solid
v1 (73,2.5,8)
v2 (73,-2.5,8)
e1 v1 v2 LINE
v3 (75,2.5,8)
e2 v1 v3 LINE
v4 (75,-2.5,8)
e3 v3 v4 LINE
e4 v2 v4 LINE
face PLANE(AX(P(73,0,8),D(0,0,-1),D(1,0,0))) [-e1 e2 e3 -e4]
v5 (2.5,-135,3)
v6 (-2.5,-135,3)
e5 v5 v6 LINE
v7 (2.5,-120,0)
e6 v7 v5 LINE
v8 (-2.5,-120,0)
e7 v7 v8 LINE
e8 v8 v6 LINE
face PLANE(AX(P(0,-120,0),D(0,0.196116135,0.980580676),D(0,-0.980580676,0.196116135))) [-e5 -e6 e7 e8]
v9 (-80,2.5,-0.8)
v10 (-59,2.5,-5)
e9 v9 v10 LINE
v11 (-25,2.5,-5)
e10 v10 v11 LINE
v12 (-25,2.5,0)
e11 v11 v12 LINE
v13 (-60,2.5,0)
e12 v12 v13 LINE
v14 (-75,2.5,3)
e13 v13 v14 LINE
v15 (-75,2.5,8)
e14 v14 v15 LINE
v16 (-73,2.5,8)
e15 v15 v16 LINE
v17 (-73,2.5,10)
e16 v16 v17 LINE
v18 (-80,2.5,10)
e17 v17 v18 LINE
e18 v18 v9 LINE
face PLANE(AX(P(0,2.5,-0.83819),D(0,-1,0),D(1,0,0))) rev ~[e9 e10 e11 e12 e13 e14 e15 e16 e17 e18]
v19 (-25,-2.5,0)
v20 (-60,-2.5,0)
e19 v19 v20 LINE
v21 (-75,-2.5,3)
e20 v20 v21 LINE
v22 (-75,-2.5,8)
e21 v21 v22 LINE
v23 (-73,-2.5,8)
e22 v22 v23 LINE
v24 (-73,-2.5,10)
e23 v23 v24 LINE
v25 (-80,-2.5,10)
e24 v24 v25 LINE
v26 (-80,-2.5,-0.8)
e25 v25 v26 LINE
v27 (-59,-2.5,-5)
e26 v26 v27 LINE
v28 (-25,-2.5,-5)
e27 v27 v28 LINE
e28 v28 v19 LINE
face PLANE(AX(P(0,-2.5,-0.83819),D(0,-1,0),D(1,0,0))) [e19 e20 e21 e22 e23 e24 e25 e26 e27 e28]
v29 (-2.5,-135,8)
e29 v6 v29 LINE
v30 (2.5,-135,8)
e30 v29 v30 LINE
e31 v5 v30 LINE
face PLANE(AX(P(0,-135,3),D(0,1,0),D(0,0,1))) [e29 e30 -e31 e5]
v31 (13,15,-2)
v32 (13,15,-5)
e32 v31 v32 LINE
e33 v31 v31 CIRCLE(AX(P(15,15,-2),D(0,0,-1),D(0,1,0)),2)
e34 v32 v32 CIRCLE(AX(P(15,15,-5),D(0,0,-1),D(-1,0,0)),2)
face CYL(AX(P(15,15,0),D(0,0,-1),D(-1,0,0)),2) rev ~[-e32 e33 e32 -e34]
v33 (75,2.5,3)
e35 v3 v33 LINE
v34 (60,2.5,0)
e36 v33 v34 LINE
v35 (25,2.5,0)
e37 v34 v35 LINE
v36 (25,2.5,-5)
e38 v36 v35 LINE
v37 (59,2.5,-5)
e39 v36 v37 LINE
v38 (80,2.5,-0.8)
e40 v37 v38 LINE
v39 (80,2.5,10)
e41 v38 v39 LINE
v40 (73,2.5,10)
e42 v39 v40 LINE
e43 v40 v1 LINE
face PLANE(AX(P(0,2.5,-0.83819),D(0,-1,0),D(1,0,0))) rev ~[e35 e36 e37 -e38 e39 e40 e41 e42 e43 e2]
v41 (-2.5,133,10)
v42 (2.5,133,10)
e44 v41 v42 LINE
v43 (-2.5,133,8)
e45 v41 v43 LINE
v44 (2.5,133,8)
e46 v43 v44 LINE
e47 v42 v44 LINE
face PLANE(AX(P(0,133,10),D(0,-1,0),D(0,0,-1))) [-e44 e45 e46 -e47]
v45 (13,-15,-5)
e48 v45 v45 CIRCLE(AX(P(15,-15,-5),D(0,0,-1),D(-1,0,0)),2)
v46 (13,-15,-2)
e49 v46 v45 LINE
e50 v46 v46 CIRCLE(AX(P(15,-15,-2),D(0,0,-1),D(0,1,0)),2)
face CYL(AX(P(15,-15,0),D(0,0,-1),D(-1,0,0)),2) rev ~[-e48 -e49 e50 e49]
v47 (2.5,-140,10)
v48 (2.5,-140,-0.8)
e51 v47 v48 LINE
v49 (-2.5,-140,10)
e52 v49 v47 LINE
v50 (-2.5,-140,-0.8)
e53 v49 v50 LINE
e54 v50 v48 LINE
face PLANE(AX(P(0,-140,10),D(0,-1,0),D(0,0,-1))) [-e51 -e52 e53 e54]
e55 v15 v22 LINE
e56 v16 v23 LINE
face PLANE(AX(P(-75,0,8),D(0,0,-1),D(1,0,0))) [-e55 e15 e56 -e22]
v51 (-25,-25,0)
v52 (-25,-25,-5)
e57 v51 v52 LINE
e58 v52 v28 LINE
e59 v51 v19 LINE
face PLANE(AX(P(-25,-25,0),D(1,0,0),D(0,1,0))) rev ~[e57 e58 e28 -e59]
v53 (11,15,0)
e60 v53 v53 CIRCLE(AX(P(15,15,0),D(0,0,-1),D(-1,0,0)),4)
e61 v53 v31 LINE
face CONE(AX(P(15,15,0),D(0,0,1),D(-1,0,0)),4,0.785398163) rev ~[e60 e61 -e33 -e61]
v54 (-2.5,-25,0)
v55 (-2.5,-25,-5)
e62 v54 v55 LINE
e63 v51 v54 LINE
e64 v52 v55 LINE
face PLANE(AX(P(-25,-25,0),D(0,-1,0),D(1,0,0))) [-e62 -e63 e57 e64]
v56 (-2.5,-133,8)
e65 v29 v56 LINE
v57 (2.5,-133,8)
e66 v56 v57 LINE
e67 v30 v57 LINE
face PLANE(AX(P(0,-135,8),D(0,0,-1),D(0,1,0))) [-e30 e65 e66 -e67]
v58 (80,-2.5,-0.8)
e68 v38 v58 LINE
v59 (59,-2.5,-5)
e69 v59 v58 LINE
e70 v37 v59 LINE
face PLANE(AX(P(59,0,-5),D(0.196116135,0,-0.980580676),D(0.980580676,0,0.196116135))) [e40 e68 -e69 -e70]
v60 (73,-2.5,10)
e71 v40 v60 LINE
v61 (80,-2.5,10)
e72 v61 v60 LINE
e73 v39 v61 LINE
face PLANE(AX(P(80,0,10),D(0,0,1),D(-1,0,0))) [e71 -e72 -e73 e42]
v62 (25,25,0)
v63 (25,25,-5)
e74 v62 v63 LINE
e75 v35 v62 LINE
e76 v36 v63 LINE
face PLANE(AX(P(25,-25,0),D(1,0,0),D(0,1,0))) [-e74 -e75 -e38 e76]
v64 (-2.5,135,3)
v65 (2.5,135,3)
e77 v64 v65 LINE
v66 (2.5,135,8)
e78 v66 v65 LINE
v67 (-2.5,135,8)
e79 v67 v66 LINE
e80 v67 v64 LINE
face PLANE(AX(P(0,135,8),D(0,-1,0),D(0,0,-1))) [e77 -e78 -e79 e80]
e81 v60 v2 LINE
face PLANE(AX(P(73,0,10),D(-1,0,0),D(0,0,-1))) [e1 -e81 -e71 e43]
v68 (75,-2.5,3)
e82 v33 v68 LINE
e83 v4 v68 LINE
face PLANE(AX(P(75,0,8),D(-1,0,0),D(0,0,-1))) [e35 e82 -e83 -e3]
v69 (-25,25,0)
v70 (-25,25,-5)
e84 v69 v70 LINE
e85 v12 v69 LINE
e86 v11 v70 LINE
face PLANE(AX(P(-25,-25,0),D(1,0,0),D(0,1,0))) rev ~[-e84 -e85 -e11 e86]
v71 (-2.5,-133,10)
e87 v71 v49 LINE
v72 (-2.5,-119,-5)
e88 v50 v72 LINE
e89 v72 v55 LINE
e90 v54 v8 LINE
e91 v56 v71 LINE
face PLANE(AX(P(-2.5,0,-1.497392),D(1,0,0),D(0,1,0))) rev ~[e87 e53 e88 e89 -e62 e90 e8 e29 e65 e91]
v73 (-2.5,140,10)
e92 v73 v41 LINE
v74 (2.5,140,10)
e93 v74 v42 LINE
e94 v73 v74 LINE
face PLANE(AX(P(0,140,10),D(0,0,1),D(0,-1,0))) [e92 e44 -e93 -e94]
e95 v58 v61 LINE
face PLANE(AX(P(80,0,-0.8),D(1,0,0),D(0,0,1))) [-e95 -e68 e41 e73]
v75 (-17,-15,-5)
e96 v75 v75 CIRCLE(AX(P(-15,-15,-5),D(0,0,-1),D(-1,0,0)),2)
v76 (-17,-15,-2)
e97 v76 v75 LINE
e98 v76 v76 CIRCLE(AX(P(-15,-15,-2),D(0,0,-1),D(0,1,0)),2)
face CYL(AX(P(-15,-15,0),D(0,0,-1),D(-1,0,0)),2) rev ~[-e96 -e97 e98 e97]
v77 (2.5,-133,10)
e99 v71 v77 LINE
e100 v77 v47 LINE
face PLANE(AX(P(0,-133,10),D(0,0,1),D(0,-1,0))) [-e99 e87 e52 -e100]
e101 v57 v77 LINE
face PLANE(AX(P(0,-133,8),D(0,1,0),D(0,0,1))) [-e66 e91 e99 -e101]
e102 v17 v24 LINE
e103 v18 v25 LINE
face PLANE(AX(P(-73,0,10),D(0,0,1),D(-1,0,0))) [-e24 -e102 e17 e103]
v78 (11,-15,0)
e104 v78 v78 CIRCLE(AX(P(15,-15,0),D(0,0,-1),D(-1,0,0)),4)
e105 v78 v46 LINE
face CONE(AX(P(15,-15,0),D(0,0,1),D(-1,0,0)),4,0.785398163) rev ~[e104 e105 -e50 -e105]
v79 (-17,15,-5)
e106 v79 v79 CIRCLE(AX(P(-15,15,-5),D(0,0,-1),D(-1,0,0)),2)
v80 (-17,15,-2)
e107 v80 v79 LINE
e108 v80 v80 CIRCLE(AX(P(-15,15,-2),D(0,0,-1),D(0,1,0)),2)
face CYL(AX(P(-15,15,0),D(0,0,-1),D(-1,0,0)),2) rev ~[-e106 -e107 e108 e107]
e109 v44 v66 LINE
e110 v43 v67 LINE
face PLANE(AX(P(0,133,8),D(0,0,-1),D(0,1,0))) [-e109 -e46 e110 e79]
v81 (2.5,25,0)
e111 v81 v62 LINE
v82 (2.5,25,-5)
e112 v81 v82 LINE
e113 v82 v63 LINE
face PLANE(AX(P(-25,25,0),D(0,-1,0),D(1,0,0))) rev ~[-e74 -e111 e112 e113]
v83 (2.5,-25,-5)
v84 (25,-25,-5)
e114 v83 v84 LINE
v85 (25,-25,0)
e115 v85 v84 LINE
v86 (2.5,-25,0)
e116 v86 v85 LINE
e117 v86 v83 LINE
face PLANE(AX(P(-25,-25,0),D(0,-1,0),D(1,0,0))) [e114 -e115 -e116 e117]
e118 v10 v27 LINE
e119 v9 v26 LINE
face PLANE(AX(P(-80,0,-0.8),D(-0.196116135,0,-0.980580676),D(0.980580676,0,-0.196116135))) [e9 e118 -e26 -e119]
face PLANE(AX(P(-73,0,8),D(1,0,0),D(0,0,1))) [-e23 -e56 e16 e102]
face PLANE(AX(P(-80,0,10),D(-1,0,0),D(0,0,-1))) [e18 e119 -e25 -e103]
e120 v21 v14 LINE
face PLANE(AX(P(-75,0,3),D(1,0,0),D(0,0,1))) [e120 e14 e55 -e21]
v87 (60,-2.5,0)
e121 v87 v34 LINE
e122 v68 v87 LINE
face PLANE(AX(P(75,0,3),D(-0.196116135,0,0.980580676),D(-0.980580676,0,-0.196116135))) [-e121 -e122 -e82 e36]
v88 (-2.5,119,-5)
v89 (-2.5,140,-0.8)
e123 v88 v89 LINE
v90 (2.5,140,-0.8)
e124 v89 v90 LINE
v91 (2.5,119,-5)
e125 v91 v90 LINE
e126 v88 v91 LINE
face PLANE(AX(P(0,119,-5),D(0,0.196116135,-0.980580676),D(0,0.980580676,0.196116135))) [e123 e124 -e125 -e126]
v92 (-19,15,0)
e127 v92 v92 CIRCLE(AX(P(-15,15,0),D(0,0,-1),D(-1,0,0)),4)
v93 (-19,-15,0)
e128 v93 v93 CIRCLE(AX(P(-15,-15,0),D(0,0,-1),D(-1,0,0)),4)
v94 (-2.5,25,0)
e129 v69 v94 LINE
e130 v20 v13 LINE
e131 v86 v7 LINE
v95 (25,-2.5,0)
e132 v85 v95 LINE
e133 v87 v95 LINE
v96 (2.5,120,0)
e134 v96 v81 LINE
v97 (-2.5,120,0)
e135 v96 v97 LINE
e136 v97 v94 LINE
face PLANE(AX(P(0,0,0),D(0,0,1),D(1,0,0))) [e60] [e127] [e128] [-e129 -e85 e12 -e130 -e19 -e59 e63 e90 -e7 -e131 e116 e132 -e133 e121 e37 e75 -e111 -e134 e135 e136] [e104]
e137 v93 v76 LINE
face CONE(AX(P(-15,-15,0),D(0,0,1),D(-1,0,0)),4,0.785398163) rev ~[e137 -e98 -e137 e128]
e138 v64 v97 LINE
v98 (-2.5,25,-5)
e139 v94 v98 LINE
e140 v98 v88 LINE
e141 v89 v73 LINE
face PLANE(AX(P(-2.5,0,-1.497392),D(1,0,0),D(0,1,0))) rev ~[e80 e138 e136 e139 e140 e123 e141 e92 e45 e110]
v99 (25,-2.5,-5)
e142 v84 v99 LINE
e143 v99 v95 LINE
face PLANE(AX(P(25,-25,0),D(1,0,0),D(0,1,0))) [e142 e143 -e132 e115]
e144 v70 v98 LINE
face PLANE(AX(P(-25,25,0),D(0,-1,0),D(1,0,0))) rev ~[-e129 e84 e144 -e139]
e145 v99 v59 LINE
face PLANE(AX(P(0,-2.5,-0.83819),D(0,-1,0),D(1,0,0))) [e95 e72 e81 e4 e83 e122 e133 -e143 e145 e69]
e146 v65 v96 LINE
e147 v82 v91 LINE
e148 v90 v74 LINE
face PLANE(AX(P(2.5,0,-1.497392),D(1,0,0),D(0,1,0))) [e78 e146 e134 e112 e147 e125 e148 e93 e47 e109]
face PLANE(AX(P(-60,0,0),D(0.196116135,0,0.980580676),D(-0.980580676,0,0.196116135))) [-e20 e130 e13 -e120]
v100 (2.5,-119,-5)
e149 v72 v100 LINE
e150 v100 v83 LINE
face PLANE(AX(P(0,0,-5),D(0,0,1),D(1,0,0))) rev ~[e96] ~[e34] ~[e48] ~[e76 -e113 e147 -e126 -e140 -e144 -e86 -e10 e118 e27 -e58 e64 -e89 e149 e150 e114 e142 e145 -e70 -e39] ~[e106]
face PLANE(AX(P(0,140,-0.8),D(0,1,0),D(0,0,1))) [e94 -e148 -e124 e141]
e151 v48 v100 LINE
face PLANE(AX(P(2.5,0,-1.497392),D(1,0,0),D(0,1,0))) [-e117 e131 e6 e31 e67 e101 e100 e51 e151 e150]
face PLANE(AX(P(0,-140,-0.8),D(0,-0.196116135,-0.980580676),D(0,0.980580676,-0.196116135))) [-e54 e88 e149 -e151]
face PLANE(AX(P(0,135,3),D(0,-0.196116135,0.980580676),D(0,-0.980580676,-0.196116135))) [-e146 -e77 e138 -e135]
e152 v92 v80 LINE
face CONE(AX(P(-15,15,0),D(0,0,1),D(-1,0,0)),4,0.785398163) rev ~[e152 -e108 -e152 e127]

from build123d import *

# Parameters (mm, degrees)
F1_DEPTH       = 2.5
F3_DEPTH       = 2.5
F4_W           = 50
F4_H           = 50
F5_DEPTH       = 5
F7_D           = 4
F7_CSINK_D     = 8
F7_CSINK_ANGLE = 90


with BuildPart() as f1:
    # F0 (on Front) → F1 (new body, symmetric)
    with BuildSketch(Plane.XZ):
        Polygon((-75, 3), (-75, 8), (-73, 8), (-73, 10), (-80, 10), (-80, -0.8), (-59, -5), (59, -5), (80, -0.8), (80, 10), (73, 10), (73, 8), (75, 8), (75, 3), (60, 0), (-60, 0), align=None)
    extrude(amount=F1_DEPTH, both=True)

    # F2 (on Right) → F3 (join, symmetric)
    with BuildSketch(Plane.YZ):
        Polygon((-135, 3), (-135, 8), (-133, 8), (-133, 10), (-140, 10), (-140, -0.8), (-119, -5), (119, -5), (140, -0.8), (140, 10), (133, 10), (133, 8), (135, 8), (135, 3), (120, 0), (-120, 0), align=None)
    extrude(amount=F3_DEPTH, both=True)

    # F4 (on Top) → F5 (join)
    with BuildSketch(Plane.XY):
        Rectangle(F4_W, F4_H)
    extrude(amount=-F5_DEPTH)

    # F7 (through all)
    with Locations(Plane.XY):
        with Locations((15, -15), (-15, -15), (-15, 15), (15, 15)):
            CounterSinkHole(F7_D / 2, F7_CSINK_D / 2, counter_sink_angle=F7_CSINK_ANGLE)


solid = f1.part
